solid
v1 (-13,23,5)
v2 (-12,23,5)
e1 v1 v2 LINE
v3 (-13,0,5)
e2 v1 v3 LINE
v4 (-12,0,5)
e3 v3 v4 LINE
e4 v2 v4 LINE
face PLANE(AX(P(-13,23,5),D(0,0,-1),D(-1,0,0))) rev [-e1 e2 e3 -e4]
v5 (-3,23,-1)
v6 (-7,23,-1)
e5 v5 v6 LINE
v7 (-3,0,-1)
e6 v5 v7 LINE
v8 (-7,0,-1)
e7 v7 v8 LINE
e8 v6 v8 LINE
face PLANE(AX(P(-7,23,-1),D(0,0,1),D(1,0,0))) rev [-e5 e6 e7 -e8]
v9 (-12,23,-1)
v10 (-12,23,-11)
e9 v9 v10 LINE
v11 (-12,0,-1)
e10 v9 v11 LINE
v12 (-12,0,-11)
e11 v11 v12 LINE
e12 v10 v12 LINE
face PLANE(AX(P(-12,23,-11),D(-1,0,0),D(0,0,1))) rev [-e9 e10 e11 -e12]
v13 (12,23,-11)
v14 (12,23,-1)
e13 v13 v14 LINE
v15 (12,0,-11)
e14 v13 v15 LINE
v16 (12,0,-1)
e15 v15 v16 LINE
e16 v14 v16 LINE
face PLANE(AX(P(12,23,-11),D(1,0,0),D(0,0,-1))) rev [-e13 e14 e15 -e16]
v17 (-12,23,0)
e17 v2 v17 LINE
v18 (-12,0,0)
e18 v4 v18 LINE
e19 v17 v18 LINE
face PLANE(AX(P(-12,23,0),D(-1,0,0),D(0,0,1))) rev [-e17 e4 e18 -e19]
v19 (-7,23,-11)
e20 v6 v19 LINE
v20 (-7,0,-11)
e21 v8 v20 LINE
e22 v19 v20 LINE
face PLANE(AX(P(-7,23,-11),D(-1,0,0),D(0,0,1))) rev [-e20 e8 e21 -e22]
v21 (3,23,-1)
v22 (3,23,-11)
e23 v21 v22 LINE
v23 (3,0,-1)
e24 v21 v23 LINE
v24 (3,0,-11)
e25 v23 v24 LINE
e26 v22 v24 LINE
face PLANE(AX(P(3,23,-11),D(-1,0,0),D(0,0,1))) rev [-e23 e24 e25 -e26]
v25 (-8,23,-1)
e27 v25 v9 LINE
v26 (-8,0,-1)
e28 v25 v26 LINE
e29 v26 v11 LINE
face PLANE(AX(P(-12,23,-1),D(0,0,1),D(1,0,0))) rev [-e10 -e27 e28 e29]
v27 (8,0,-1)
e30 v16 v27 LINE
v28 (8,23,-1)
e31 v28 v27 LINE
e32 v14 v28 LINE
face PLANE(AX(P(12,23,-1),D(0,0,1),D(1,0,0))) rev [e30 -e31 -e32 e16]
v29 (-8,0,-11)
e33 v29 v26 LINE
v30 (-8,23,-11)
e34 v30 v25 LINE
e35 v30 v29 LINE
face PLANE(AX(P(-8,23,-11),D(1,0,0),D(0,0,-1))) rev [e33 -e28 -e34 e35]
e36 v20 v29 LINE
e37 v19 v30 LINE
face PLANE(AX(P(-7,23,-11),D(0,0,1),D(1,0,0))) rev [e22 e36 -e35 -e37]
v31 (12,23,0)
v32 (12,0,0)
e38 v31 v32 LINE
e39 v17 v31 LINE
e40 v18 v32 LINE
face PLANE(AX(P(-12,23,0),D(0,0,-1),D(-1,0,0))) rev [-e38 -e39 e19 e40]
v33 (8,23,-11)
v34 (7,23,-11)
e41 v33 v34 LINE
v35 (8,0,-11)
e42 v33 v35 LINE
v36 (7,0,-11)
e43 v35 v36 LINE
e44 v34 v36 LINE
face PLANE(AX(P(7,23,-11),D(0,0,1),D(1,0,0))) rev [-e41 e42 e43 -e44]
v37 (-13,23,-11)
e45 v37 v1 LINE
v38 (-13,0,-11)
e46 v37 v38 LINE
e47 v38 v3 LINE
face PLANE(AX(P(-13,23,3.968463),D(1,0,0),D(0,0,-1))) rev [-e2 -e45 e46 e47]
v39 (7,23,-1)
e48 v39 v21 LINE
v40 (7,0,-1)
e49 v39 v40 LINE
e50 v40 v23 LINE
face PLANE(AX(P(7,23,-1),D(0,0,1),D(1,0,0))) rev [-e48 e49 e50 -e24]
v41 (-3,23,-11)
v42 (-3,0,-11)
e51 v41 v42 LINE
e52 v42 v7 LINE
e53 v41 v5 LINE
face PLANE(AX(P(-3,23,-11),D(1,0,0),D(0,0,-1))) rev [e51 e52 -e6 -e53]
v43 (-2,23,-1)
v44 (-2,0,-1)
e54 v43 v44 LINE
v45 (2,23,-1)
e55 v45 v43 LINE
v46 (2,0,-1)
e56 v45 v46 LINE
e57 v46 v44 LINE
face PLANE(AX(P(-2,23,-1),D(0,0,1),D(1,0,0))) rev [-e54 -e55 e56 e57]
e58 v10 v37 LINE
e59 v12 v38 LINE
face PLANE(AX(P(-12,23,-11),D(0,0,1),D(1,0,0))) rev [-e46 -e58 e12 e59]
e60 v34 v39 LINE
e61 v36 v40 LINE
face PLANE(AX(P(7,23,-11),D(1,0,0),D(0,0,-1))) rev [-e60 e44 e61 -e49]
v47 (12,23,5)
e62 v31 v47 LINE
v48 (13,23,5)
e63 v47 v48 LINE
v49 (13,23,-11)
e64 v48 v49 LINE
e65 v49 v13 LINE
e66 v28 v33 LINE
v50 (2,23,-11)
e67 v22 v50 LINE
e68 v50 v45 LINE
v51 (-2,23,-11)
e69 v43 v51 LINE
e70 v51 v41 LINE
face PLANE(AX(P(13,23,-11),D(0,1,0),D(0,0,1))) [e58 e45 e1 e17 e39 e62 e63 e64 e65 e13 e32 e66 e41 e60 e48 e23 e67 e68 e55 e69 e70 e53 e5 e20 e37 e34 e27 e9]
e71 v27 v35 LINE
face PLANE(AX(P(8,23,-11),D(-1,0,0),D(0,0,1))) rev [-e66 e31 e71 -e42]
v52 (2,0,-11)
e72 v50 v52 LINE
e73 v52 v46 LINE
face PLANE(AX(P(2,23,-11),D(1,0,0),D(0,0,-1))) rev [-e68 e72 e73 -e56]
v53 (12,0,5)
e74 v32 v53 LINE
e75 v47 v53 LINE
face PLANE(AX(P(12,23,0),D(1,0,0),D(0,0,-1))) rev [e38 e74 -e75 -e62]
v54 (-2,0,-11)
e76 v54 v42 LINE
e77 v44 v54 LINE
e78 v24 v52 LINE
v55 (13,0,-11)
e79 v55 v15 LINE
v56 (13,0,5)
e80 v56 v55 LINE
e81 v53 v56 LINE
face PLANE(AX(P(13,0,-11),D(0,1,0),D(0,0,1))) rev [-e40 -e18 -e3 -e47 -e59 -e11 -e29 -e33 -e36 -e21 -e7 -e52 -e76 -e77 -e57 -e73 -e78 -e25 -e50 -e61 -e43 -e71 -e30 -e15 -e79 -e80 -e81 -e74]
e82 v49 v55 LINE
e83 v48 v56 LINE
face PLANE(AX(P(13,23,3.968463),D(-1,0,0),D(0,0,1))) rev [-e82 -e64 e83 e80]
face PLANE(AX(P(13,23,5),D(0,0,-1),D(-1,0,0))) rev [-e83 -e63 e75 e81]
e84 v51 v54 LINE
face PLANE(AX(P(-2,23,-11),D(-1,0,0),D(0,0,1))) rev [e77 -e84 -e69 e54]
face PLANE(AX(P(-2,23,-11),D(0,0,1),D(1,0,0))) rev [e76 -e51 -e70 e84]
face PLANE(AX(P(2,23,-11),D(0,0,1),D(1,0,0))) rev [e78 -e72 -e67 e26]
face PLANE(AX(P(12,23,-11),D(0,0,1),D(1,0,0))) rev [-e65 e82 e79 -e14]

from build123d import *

# Parameters (mm, degrees)
BOSS_EXTRU_1_DEPTH = 23


with BuildPart() as part:
    # Esquisse1 → Boss.-Extru.1 (new body)
    with BuildSketch(Plane(origin=(0, 0, 0), x_dir=(1, 0, 0), z_dir=(0, 1, 0))):
        Polygon((7, 11), (8, 11), (8, 1), (12, 1), (12, 11), (13, 11), (13, -3.968463396), (13, -5), (12, -5), (12, 0), (-12, 0), (-12, -5), (-13, -5), (-13, -3.968463396), (-13, 11), (-12, 11), (-12, 1), (-8, 1), (-8, 11), (-7, 11), (-7, 1), (-3, 1), (-3, 11), (-2, 11), (-2, 1), (2, 1), (2, 11), (3, 11), (3, 1), (7, 1), align=None)
    extrude(amount=BOSS_EXTRU_1_DEPTH)


solid = part.part
